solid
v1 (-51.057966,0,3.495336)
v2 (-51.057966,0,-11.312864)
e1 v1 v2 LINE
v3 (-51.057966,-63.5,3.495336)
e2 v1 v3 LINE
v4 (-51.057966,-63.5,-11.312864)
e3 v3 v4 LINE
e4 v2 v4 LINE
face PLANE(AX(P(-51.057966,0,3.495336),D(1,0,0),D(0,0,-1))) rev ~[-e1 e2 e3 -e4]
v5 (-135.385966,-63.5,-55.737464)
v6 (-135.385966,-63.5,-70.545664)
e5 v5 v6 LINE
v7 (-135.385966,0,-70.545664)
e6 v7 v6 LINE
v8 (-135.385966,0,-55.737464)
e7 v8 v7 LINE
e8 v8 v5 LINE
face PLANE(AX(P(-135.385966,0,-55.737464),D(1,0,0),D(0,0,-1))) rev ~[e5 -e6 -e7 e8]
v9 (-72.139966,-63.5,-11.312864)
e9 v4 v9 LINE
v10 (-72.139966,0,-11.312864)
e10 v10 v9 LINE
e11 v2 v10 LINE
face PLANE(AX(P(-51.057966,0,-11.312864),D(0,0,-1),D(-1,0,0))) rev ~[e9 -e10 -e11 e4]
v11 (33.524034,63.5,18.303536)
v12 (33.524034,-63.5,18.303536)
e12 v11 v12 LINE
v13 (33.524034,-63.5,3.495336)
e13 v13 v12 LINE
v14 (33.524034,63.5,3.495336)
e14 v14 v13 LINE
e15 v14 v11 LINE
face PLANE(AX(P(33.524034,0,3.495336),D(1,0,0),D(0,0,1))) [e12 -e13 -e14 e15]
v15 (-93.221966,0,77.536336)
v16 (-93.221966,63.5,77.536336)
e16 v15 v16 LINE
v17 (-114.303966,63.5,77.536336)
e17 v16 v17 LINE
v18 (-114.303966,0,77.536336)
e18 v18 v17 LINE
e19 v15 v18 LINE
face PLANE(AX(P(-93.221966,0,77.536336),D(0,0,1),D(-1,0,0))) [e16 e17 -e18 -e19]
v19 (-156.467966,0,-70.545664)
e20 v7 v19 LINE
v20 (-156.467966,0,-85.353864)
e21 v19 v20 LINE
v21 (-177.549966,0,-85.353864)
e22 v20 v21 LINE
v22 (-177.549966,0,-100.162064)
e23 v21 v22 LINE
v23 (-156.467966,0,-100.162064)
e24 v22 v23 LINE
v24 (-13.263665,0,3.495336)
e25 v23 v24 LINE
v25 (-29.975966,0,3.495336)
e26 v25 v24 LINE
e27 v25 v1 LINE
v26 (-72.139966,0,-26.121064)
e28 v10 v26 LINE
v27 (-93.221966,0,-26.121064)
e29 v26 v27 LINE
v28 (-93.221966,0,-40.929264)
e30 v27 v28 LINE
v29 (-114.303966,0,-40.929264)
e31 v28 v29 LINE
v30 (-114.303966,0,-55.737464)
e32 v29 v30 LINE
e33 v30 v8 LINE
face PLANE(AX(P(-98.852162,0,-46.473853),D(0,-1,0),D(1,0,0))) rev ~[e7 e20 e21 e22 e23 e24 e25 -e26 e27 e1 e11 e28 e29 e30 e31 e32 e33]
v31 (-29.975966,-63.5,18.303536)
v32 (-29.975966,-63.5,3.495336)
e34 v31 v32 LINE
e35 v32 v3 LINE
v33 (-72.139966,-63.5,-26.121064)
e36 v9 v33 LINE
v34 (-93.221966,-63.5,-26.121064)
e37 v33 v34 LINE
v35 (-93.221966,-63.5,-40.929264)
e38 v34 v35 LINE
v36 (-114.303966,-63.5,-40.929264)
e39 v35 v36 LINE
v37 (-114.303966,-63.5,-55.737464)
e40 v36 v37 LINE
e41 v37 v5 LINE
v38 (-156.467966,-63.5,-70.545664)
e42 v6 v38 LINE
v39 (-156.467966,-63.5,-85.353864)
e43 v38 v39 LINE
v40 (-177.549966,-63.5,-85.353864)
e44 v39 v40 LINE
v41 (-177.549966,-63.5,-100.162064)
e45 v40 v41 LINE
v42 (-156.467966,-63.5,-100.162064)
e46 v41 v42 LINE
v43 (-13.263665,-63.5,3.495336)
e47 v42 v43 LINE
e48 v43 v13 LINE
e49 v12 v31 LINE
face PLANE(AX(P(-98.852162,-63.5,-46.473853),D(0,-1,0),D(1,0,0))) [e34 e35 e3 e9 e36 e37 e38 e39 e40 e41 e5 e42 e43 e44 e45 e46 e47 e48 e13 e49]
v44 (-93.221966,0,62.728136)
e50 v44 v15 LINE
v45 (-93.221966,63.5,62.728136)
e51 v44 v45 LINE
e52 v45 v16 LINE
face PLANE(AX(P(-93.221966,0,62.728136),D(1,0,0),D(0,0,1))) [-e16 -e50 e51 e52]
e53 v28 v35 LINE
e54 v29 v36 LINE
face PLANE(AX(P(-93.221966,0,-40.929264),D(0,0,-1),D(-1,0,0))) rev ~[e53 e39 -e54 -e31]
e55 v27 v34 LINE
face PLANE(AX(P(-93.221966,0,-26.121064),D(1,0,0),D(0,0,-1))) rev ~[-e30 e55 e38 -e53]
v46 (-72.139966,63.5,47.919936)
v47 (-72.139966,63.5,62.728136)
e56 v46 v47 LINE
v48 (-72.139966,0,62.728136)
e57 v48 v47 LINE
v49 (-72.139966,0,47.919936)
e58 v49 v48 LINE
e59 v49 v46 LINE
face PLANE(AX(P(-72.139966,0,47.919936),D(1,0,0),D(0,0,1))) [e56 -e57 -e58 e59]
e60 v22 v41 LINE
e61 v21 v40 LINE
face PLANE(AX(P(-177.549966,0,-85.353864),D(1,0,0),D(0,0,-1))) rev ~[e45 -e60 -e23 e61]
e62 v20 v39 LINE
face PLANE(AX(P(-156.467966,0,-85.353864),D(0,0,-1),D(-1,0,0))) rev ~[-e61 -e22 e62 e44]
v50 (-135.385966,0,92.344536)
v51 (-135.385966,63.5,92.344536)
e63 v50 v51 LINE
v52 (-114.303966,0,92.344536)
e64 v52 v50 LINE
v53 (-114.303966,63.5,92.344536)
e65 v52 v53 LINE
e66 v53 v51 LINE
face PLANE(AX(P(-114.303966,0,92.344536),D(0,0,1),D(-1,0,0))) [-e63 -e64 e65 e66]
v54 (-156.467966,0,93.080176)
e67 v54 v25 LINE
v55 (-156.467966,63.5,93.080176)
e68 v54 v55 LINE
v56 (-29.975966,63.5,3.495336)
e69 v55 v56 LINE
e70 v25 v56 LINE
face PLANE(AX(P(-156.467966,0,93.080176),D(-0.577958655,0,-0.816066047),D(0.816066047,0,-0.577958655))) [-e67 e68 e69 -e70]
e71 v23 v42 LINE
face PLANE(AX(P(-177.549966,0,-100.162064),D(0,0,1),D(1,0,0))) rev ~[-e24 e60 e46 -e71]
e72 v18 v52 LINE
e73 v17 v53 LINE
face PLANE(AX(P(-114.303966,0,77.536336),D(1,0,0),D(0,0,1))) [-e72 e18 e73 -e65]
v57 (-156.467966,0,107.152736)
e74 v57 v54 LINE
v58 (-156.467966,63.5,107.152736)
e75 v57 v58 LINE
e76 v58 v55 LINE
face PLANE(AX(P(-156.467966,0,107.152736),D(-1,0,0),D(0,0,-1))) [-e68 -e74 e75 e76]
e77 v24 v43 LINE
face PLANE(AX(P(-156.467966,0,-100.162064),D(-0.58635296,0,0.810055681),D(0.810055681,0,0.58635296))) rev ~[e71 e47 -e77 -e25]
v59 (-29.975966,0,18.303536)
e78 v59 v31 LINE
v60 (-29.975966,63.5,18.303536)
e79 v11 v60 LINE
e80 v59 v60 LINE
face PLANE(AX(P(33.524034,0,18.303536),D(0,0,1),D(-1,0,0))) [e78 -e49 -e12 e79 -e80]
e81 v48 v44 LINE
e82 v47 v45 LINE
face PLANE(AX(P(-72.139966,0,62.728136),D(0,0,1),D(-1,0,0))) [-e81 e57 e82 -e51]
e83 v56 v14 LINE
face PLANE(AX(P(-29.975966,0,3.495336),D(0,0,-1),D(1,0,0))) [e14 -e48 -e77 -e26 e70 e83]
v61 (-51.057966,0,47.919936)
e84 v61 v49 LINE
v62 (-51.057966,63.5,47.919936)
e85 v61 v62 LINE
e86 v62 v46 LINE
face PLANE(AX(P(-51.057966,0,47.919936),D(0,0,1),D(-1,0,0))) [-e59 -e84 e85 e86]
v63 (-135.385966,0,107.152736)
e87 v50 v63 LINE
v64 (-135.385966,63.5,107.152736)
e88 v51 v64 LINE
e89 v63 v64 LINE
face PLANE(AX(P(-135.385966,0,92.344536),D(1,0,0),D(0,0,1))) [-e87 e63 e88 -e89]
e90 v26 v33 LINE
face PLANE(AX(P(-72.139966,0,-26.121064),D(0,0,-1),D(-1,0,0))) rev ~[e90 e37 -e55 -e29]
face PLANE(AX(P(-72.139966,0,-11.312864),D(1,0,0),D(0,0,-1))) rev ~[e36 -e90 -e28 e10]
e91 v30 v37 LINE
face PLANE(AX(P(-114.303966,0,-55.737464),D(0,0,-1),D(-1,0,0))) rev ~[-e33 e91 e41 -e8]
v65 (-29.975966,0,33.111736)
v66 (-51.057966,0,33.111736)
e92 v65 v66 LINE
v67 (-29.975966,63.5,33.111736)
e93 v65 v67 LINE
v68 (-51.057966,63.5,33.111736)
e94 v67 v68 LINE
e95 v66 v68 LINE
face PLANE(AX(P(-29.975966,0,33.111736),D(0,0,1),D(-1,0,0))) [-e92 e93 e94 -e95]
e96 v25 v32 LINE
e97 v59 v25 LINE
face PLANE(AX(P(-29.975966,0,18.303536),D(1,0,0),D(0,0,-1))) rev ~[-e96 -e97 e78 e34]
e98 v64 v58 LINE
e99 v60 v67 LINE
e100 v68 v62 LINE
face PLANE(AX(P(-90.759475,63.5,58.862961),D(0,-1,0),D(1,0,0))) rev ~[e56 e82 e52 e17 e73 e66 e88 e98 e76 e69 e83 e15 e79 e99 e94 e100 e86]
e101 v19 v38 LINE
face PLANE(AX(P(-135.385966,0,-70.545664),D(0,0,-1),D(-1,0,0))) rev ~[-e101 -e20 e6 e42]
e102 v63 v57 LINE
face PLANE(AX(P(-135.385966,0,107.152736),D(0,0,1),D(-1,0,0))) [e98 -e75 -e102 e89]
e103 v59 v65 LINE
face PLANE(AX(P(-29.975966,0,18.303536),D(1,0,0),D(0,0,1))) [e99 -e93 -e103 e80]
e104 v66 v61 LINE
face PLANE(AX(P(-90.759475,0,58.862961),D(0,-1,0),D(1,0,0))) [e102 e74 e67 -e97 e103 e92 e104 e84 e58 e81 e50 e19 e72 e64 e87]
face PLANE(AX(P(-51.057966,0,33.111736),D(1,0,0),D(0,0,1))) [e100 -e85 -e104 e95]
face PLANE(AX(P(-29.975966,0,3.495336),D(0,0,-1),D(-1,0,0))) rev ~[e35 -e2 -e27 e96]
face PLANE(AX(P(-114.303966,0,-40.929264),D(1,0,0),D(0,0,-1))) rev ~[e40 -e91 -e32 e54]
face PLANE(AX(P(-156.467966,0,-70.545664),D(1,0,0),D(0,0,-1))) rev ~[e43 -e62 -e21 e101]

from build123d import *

# Parameters (mm, degrees)
F1_DEPTH = 63.5
F2_DEPTH = 63.5


with BuildPart() as f1:
    # F0 (on Front) → F1 (new body)
    with BuildSketch(Plane.XZ):
        Polygon((-177.549966, -85.353864), (-177.549966, -100.162064), (-156.467966, -100.162064), (-13.263665, 3.495336), (-29.975966, 3.495336), (-51.057966, 3.495336), (-51.057966, -11.312864), (-72.139966, -11.312864), (-72.139966, -26.121064), (-93.221966, -26.121064), (-93.221966, -40.929264), (-114.303966, -40.929264), (-114.303966, -55.737464), (-135.385966, -55.737464), (-135.385966, -70.545664), (-156.467966, -70.545664), (-156.467966, -85.353864), align=None)
        Polygon((-29.975966, 3.495336), (-13.263665, 3.495336), (33.524034, 3.495336), (33.524034, 18.303536), (-29.975966, 18.303536), align=None)
    extrude(amount=F1_DEPTH)

    # F0 (on Front) → F2 (join)
    with BuildSketch(Plane.XZ):
        Polygon((-156.467966, 93.080176), (-29.975966, 3.495336), (-29.975966, 18.303536), (-29.975966, 33.111736), (-51.057966, 33.111736), (-51.057966, 47.919936), (-72.139966, 47.919936), (-72.139966, 62.728136), (-93.221966, 62.728136), (-93.221966, 77.536336), (-114.303966, 77.536336), (-114.303966, 92.344536), (-135.385966, 92.344536), (-135.385966, 107.152736), (-156.467966, 107.152736), align=None)
        Polygon((-29.975966, 3.495336), (-13.263665, 3.495336), (33.524034, 3.495336), (33.524034, 18.303536), (-29.975966, 18.303536), align=None)
    extrude(amount=-F2_DEPTH)


solid = f1.part
